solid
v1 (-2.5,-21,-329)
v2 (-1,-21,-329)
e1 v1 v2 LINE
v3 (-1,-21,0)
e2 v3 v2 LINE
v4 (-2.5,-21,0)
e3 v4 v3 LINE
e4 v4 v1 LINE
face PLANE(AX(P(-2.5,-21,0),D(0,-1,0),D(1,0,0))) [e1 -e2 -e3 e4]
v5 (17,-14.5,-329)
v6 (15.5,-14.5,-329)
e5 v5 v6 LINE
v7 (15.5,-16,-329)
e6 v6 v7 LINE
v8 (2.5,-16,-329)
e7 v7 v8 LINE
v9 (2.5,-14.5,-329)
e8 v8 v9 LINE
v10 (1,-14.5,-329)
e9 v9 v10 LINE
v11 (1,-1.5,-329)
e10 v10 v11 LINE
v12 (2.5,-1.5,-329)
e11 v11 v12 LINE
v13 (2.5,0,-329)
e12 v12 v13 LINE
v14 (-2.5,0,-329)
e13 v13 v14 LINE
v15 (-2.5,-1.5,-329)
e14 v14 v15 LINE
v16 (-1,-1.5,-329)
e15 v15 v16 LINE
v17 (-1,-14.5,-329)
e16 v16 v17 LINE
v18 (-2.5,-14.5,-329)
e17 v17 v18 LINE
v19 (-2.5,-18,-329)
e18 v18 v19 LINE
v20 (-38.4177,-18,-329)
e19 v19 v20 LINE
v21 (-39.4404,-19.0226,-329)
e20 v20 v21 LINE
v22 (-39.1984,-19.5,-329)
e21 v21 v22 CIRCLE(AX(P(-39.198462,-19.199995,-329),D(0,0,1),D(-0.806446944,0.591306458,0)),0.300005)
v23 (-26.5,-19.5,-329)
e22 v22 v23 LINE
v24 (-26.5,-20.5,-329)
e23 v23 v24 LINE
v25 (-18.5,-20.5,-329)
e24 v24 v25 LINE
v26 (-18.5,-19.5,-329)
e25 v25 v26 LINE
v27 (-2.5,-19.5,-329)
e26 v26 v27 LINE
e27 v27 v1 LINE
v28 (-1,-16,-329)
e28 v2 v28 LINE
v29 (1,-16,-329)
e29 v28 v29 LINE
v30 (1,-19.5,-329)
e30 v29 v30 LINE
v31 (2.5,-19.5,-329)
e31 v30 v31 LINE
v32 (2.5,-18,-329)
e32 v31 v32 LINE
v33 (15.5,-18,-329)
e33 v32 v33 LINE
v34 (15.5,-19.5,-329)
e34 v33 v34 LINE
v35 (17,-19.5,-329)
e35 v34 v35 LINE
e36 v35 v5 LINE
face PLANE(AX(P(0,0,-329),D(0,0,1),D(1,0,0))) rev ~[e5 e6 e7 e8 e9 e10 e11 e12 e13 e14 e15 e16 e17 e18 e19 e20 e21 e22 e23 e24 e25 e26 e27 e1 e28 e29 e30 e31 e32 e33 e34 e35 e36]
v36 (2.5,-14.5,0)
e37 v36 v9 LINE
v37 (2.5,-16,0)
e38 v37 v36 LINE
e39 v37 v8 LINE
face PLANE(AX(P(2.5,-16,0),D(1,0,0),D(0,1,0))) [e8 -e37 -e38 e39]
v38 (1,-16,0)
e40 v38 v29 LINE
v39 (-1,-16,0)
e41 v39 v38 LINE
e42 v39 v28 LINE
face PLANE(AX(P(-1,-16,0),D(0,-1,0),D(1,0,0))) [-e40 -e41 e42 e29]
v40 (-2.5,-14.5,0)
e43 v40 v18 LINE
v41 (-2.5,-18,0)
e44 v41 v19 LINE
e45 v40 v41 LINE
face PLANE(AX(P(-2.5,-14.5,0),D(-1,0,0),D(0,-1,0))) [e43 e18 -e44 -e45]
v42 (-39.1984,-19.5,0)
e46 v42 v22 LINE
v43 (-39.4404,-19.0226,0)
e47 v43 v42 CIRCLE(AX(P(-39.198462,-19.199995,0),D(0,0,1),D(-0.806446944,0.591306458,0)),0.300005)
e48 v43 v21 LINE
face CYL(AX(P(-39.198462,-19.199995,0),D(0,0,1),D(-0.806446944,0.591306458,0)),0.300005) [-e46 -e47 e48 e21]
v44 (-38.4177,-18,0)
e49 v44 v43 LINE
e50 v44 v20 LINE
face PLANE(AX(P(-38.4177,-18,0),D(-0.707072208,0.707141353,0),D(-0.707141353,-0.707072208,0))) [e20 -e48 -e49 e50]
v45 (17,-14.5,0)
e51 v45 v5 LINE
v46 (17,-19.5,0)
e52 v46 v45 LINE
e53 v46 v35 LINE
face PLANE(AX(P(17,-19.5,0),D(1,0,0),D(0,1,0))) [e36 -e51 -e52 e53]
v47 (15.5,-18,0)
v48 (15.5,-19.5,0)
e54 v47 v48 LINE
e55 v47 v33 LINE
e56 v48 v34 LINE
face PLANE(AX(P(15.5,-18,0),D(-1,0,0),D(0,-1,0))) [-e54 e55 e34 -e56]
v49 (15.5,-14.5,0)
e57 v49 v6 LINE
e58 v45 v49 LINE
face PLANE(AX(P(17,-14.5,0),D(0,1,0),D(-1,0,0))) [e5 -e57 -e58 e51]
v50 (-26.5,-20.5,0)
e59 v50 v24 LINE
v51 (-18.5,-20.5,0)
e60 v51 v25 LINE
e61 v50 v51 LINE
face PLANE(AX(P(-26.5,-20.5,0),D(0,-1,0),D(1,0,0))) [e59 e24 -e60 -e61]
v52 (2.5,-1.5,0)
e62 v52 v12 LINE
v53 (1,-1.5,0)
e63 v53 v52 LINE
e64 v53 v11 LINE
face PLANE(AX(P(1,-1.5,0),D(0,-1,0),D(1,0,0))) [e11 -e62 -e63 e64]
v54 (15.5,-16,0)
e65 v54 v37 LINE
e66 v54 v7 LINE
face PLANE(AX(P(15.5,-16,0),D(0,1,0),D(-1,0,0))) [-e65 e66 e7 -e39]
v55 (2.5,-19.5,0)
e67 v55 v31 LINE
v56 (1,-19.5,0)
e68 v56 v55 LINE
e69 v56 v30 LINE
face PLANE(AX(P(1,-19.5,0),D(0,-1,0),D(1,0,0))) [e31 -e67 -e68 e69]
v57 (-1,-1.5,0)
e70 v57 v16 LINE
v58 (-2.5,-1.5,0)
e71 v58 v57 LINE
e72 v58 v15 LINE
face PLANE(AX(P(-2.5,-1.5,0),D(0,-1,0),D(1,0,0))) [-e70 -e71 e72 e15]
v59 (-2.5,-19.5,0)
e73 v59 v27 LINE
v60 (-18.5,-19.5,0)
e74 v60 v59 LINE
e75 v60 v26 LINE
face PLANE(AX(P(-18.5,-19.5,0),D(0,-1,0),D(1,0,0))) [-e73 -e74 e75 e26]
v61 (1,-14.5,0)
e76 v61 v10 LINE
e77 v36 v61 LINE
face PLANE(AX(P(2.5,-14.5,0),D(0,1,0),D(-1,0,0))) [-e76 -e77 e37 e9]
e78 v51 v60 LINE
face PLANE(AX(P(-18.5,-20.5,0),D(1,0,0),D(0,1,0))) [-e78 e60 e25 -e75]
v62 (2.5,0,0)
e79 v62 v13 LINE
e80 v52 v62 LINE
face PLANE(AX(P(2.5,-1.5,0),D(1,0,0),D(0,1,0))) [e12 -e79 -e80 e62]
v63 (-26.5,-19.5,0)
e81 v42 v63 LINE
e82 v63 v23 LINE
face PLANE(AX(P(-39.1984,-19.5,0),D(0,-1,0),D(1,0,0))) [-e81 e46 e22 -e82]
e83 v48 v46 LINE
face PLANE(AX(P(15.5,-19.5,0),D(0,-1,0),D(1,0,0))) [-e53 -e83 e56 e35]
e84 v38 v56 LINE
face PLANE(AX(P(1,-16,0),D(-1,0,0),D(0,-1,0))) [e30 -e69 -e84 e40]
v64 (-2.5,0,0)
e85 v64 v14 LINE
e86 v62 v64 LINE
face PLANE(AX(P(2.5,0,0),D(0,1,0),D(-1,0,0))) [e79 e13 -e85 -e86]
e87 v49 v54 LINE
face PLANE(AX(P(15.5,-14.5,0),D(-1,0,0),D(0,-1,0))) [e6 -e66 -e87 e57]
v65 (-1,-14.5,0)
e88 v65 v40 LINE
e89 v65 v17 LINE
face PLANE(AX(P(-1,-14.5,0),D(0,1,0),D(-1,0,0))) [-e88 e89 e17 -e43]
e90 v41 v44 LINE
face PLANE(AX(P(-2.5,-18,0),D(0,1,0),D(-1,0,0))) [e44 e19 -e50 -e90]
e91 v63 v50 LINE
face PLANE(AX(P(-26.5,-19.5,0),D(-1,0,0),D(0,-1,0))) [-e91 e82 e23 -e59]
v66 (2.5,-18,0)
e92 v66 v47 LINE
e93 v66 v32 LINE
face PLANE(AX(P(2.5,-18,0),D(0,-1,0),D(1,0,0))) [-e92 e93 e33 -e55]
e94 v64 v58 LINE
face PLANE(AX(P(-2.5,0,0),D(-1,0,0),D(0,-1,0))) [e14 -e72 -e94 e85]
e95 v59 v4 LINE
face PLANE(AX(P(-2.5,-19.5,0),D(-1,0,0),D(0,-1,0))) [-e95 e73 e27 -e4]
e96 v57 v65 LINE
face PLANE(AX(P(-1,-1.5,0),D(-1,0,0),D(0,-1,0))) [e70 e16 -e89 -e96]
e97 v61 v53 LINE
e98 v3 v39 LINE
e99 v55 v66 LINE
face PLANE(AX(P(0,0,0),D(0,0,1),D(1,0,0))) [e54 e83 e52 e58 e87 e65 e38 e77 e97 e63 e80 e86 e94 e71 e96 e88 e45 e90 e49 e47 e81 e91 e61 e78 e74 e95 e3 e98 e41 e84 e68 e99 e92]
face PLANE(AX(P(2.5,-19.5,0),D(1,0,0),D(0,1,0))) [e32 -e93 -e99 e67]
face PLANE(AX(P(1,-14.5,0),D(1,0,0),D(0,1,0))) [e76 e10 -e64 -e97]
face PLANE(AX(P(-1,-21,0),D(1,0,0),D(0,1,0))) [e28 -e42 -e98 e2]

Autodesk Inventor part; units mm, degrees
sketch "Skizze_1" plane through (0, 0, 0) normal (0, 0, 1) x (1, 0, 0)
  arc A0 (-39.4404, -19.0226) -> (-39.1984, -19.5) centre (-39.1984, -19.2) ccw
  line L0 (-39.1984, -19.5) -> (-26.5, -19.5)
  line L1 (-26.5, -19.5) -> (-26.5, -20.5)
  line L2 (-26.5, -20.5) -> (-18.5, -20.5)
  line L3 (-18.5, -20.5) -> (-18.5, -19.5)
  line L4 (-18.5, -19.5) -> (-2.5, -19.5)
  line L5 (-2.5, -19.5) -> (-2.5, -21)
  line L6 (-2.5, -21) -> (-1, -21)
  line L7 (-1, -21) -> (-1, -16)
  line L8 (-1, -16) -> (1, -16)
  line L9 (1, -16) -> (1, -19.5)
  line L10 (1, -19.5) -> (2.5, -19.5)
  line L11 (2.5, -19.5) -> (2.5, -18)
  line L12 (2.5, -18) -> (15.5, -18)
  line L13 (15.5, -18) -> (15.5, -19.5)
  line L14 (15.5, -19.5) -> (17, -19.5)
  line L15 (17, -19.5) -> (17, -14.5)
  line L16 (17, -14.5) -> (15.5, -14.5)
  line L17 (15.5, -14.5) -> (15.5, -16)
  line L18 (15.5, -16) -> (2.5, -16)
  line L19 (2.5, -16) -> (2.5, -14.5)
  line L20 (2.5, -14.5) -> (1, -14.5)
  line L21 (1, -14.5) -> (1, -1.5)
  line L22 (1, -1.5) -> (2.5, -1.5)
  line L23 (2.5, -1.5) -> (2.5, 0)
  line L24 (2.5, 0) -> (-2.5, 0)
  line L25 (-2.5, 0) -> (-2.5, -1.5)
  line L26 (-2.5, -1.5) -> (-1, -1.5)
  line L27 (-1, -1.5) -> (-1, -14.5)
  line L28 (-1, -14.5) -> (-2.5, -14.5)
  line L29 (-2.5, -14.5) -> (-2.5, -18)
  line L30 (-2.5, -18) -> (-38.4177, -18)
  line L31 (-38.4177, -18) -> (-39.4404, -19.0226)
extrude "Extrusion1" add sketch "Skizze_1" against normal blind 329
ref_plane "start_XY" through (-22.5, -19.5, 0) normal (0, 0, 1) x (1, 0, 0)
ref_plane "start_YZ" through (-22.5, -19.5, 0) normal (1, 0, 0) x (0, 1, 0)
ref_plane "start_ZX" through (-22.5, -19.5, 0) normal (0, 1, 0) x (0, 0, 1)
ref_plane "end_XY" through (-22.5, -19.5, -329) normal (0, 0, -1) x (1, 0, 0)
ref_plane "end_YZ" through (-22.5, -19.5, -329) normal (1, 0, 0) x (0, -1, 0)
ref_plane "end_ZX" through (-22.5, -19.5, -329) normal (0, -1, 0) x (0, 0, -1)
ref_plane "side_1a_XY" through (9, -16, -164.5) normal (0, 1, 0) x (1, 0, 0)
ref_plane "side_1a_YZ" through (9, -16, -164.5) normal (1, 0, 0) x (0, 0, -1)
ref_plane "side_1a_ZX" through (9, -16, -164.5) normal (0, 0, -1) x (0, 1, 0)
ref_plane "side_1b_XY" through (0, -16, -164.5) normal (0, -1, 0) x (-1, 0, 0)
ref_plane "side_1b_YZ" through (0, -16, -164.5) normal (-1, 0, 0) x (0, 0, -1)
ref_plane "side_1b_ZX" through (0, -16, -164.5) normal (0, 0, -1) x (0, -1, 0)
ref_plane "side_1_XY" through (-22.5, -18, -164.5) normal (0, 1, 0) x (1, 0, 0)
ref_plane "side_1_YZ" through (-22.5, -18, -164.5) normal (1, 0, 0) x (0, 0, -1)
ref_plane "side_1_ZX" through (-22.5, -18, -164.5) normal (0, 0, -1) x (0, 1, 0)
ref_plane "side_6a_XY" through (9, -18, -164.5) normal (0, -1, 0) x (-1, 0, 0)
ref_plane "side_6a_YZ" through (9, -18, -164.5) normal (-1, 0, 0) x (0, 0, -1)
ref_plane "side_6a_ZX" through (9, -18, -164.5) normal (0, 0, -1) x (0, -1, 0)
ref_plane "side_2_XY" through (-1, -8, -164.5) normal (-1, 0, 0) x (0, 1, 0)
ref_plane "side_2_YZ" through (-1, -8, -164.5) normal (0, 1, 0) x (0, 0, -1)
ref_plane "side_2_ZX" through (-1, -8, -164.5) normal (0, 0, -1) x (-1, 0, 0)
ref_plane "side_5_XY" through (1, -8, -164.5) normal (1, 0, 0) x (0, -1, 0)
ref_plane "side_5_YZ" through (1, -8, -164.5) normal (0, -1, 0) x (0, 0, -1)
ref_plane "side_5_ZX" through (1, -8, -164.5) normal (0, 0, -1) x (1, 0, 0)
ref_plane "side_6_XY" through (-22.5, -19.5, -164.5) normal (0, -1, 0) x (-1, 0, 0)
ref_plane "side_6_YZ" through (-22.5, -19.5, -164.5) normal (-1, 0, 0) x (0, 0, -1)
ref_plane "side_6_ZX" through (-22.5, -19.5, -164.5) normal (0, 0, -1) x (0, -1, 0)
properties part number "MayTec 1.19.19040_19 inch special profile, PG 40_329"
